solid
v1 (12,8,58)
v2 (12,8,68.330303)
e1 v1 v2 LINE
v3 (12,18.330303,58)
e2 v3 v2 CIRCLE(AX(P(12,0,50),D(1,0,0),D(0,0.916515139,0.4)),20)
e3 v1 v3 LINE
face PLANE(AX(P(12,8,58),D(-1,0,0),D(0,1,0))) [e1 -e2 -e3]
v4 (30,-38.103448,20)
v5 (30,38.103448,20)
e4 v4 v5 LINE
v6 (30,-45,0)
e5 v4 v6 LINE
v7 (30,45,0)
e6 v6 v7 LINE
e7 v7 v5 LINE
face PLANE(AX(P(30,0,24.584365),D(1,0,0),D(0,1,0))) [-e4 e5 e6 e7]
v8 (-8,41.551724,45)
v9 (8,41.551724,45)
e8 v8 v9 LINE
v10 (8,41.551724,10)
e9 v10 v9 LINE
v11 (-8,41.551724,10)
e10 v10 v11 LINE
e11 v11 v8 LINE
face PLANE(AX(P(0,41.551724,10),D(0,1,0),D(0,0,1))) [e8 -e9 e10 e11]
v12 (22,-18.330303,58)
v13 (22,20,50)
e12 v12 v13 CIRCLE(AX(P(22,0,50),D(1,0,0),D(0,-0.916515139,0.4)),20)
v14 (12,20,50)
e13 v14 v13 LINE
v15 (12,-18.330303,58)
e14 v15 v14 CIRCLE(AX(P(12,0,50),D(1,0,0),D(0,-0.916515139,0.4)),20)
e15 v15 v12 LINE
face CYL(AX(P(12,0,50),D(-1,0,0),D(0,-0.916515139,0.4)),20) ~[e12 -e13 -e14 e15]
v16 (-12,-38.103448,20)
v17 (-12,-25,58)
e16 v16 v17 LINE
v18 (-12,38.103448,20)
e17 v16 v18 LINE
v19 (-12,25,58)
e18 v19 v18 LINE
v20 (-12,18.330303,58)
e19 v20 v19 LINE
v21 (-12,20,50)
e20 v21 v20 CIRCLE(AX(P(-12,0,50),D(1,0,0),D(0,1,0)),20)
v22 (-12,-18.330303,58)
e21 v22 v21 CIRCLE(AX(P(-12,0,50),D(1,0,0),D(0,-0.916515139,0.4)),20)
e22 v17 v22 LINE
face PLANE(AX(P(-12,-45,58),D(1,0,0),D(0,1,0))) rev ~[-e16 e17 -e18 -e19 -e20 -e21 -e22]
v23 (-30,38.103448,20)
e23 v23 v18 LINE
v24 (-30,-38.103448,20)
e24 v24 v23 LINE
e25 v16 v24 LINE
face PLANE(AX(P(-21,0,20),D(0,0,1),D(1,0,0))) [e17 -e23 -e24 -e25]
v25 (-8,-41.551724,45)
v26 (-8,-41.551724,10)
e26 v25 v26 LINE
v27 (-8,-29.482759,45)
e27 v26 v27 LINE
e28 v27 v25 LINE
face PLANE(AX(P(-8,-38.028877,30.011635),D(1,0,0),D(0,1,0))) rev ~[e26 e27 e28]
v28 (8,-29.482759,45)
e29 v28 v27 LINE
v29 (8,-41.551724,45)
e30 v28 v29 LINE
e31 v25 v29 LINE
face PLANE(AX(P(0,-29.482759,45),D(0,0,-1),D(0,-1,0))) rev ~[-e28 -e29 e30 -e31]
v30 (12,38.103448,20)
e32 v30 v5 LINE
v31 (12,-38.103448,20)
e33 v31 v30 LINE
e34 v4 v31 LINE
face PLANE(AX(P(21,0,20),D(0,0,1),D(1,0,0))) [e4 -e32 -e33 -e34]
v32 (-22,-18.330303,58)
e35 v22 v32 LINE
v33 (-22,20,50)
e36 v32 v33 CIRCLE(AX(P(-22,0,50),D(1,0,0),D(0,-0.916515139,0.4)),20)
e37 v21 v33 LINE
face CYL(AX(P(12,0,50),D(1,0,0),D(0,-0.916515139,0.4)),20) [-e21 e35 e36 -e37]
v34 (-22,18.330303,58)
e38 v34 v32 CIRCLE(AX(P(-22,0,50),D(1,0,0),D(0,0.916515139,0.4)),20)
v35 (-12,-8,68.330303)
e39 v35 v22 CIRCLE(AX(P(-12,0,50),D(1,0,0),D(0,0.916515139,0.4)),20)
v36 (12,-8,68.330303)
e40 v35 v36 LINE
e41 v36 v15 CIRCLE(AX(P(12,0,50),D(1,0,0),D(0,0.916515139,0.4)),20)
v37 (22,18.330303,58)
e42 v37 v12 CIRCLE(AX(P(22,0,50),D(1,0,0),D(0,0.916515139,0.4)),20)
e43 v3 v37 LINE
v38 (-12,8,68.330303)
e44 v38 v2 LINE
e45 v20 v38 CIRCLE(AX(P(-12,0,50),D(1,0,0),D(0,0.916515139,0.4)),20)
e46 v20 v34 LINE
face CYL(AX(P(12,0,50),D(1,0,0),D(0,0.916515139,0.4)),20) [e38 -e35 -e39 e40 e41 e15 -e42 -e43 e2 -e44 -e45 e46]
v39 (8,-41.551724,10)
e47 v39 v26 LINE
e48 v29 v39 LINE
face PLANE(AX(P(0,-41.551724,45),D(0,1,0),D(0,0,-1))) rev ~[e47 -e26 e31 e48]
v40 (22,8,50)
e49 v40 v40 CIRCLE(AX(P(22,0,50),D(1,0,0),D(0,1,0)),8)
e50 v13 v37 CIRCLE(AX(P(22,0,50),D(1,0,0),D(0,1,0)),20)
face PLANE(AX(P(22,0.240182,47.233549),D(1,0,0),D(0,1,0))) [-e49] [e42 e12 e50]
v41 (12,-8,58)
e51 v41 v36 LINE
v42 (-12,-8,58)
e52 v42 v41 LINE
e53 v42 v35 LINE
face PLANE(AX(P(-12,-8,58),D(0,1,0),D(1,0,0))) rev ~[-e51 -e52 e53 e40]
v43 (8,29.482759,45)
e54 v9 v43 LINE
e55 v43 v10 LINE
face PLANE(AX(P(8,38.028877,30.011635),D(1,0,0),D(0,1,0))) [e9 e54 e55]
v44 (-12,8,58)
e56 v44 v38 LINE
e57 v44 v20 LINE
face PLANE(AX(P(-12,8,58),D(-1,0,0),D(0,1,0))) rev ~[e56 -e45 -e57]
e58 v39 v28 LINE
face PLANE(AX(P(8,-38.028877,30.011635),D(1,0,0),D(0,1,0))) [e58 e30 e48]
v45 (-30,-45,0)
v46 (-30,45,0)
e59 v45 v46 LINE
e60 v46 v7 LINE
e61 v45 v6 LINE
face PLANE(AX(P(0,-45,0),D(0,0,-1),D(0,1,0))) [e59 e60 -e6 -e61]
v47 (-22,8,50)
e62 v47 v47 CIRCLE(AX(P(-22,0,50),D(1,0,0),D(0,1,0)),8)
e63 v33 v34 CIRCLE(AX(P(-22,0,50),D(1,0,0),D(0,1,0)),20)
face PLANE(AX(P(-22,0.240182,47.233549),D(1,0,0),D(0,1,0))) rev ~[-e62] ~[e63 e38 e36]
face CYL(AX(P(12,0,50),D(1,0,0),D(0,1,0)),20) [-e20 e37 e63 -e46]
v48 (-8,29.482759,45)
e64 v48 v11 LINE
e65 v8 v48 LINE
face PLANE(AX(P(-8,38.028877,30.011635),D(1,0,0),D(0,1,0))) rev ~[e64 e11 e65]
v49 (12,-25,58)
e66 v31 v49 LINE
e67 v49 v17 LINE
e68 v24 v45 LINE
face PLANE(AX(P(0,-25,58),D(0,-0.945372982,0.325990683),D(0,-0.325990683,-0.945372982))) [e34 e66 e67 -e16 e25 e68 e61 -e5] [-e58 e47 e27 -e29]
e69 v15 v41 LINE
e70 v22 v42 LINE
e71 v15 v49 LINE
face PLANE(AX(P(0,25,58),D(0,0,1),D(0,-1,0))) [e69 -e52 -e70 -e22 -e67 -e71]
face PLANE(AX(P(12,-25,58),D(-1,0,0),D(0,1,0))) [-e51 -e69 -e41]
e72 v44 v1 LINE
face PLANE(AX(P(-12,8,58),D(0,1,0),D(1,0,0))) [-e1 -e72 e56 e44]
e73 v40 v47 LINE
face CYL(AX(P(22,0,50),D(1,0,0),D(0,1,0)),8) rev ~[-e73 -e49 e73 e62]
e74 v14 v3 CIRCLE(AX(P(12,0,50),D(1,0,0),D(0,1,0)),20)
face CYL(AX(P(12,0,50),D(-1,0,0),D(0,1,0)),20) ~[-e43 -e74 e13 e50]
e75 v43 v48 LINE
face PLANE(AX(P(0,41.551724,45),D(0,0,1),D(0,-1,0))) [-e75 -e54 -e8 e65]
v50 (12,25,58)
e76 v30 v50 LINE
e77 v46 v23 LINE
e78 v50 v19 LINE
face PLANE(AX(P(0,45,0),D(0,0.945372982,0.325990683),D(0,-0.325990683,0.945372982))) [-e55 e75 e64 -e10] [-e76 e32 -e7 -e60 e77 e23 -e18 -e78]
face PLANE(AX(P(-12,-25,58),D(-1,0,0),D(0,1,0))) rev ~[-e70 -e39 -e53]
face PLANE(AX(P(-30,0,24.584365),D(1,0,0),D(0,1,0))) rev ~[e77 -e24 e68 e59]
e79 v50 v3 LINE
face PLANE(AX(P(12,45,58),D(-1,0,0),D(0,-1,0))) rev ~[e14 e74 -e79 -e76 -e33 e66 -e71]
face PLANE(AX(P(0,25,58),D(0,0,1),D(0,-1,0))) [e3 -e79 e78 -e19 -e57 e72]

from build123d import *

# Parameters (mm, degrees)
F1_DEPTH      = 30
F2_W          = 18
F2_H          = 20
F2_H_2        = 50
F3_DEPTH      = 25
F2_H_3        = 90
F4_DEPTH      = 38
F6_DEPTH      = 8
F7_DEPTH      = 8
F9_DEPTH      = 10
F9_DEPTH_BACK = 34
F10_W         = 24
F10_H         = 17
F11_DEPTH     = 10.3313027798
F12_R         = 8
F13_DEPTH     = 52.001


with BuildPart() as f1:
    # F0 (on Right) → F1 (new body, symmetric)
    with BuildSketch(Plane.YZ):
        Polygon((-25, 58), (-45, 0), (45, 0), (25, 58), align=None)
    extrude(amount=F1_DEPTH, both=True)

    # F2 (on face) → F3 (cut)
    with BuildSketch(Plane.XY.offset(58)):
        with Locations((21, -35)):
            Rectangle(F2_W, F2_H)
        with Locations((21, 0)):
            Rectangle(F2_W, F2_H_2)
        with Locations((21, 35)):
            Rectangle(F2_W, F2_H)
    extrude(amount=-F3_DEPTH, mode=Mode.SUBTRACT)

    # F2 (on face) → F4 (cut)
    with BuildSketch(Plane.XY.offset(58)):
        with Locations((21, 0)):
            Rectangle(F2_W, F2_H_3)
        with Locations((-21, 0)):
            Rectangle(F2_W, F2_H_3)
    extrude(amount=-F4_DEPTH, mode=Mode.SUBTRACT)

    # F5 (on Right) → F6 (join, symmetric)
    with BuildSketch(Plane.YZ):
        Polygon((-29.4827586207, 45), (-41.5517241379, 45), (-41.5517241379, 10), align=None)
        Polygon((41.5517241379, 10), (41.5517241379, 45), (29.4827586207, 45), align=None)
    extrude(amount=F6_DEPTH, both=True)

    # F5 (on Right) → F7 (join, symmetric)
    with BuildSketch(Plane.YZ):
        Polygon((-29.4827586207, 45), (-41.5517241379, 45), (-41.5517241379, 10), align=None)
        Polygon((41.5517241379, 10), (41.5517241379, 45), (29.4827586207, 45), align=None)
    extrude(amount=F7_DEPTH, both=True)

    # F8 (on face) → F9 (join, two sides)
    with BuildSketch(Plane.YZ.offset(12)) as f9_sk:
        with BuildLine():
            ThreePointArc((-18.3303027798, 58), (-4.0861928738, 30.4218737414), (20, 50))
            ThreePointArc((20, 50), (19.5781262586, 54.0861928738), (18.3303027798, 58))
            Line((18.3303027798, 58), (-18.3303027798, 58))
        make_face()
        with BuildLine():
            Line((-18.3303027798, 58), (18.3303027798, 58))
            ThreePointArc((18.3303027798, 58), (0, 70), (-18.3303027798, 58))
        make_face()
    extrude(amount=F9_DEPTH)
    extrude(f9_sk.sketch, amount=-F9_DEPTH_BACK)

    # F10 (on face) → F11 (cut, through all)
    with BuildSketch(Plane.XY.offset(58)):
        with Locations((0, -16.5)):
            Rectangle(F10_W, F10_H)
        with Locations((0, 16.5)):
            Rectangle(F10_W, F10_H)
    extrude(amount=F11_DEPTH, mode=Mode.SUBTRACT)

    # F12 (on face) → F13 (cut, through all)
    with BuildSketch(Plane.YZ.offset(22)):
        with Locations((0, 50)):
            Circle(F12_R)
    extrude(amount=-F13_DEPTH, mode=Mode.SUBTRACT)


solid = f1.part
